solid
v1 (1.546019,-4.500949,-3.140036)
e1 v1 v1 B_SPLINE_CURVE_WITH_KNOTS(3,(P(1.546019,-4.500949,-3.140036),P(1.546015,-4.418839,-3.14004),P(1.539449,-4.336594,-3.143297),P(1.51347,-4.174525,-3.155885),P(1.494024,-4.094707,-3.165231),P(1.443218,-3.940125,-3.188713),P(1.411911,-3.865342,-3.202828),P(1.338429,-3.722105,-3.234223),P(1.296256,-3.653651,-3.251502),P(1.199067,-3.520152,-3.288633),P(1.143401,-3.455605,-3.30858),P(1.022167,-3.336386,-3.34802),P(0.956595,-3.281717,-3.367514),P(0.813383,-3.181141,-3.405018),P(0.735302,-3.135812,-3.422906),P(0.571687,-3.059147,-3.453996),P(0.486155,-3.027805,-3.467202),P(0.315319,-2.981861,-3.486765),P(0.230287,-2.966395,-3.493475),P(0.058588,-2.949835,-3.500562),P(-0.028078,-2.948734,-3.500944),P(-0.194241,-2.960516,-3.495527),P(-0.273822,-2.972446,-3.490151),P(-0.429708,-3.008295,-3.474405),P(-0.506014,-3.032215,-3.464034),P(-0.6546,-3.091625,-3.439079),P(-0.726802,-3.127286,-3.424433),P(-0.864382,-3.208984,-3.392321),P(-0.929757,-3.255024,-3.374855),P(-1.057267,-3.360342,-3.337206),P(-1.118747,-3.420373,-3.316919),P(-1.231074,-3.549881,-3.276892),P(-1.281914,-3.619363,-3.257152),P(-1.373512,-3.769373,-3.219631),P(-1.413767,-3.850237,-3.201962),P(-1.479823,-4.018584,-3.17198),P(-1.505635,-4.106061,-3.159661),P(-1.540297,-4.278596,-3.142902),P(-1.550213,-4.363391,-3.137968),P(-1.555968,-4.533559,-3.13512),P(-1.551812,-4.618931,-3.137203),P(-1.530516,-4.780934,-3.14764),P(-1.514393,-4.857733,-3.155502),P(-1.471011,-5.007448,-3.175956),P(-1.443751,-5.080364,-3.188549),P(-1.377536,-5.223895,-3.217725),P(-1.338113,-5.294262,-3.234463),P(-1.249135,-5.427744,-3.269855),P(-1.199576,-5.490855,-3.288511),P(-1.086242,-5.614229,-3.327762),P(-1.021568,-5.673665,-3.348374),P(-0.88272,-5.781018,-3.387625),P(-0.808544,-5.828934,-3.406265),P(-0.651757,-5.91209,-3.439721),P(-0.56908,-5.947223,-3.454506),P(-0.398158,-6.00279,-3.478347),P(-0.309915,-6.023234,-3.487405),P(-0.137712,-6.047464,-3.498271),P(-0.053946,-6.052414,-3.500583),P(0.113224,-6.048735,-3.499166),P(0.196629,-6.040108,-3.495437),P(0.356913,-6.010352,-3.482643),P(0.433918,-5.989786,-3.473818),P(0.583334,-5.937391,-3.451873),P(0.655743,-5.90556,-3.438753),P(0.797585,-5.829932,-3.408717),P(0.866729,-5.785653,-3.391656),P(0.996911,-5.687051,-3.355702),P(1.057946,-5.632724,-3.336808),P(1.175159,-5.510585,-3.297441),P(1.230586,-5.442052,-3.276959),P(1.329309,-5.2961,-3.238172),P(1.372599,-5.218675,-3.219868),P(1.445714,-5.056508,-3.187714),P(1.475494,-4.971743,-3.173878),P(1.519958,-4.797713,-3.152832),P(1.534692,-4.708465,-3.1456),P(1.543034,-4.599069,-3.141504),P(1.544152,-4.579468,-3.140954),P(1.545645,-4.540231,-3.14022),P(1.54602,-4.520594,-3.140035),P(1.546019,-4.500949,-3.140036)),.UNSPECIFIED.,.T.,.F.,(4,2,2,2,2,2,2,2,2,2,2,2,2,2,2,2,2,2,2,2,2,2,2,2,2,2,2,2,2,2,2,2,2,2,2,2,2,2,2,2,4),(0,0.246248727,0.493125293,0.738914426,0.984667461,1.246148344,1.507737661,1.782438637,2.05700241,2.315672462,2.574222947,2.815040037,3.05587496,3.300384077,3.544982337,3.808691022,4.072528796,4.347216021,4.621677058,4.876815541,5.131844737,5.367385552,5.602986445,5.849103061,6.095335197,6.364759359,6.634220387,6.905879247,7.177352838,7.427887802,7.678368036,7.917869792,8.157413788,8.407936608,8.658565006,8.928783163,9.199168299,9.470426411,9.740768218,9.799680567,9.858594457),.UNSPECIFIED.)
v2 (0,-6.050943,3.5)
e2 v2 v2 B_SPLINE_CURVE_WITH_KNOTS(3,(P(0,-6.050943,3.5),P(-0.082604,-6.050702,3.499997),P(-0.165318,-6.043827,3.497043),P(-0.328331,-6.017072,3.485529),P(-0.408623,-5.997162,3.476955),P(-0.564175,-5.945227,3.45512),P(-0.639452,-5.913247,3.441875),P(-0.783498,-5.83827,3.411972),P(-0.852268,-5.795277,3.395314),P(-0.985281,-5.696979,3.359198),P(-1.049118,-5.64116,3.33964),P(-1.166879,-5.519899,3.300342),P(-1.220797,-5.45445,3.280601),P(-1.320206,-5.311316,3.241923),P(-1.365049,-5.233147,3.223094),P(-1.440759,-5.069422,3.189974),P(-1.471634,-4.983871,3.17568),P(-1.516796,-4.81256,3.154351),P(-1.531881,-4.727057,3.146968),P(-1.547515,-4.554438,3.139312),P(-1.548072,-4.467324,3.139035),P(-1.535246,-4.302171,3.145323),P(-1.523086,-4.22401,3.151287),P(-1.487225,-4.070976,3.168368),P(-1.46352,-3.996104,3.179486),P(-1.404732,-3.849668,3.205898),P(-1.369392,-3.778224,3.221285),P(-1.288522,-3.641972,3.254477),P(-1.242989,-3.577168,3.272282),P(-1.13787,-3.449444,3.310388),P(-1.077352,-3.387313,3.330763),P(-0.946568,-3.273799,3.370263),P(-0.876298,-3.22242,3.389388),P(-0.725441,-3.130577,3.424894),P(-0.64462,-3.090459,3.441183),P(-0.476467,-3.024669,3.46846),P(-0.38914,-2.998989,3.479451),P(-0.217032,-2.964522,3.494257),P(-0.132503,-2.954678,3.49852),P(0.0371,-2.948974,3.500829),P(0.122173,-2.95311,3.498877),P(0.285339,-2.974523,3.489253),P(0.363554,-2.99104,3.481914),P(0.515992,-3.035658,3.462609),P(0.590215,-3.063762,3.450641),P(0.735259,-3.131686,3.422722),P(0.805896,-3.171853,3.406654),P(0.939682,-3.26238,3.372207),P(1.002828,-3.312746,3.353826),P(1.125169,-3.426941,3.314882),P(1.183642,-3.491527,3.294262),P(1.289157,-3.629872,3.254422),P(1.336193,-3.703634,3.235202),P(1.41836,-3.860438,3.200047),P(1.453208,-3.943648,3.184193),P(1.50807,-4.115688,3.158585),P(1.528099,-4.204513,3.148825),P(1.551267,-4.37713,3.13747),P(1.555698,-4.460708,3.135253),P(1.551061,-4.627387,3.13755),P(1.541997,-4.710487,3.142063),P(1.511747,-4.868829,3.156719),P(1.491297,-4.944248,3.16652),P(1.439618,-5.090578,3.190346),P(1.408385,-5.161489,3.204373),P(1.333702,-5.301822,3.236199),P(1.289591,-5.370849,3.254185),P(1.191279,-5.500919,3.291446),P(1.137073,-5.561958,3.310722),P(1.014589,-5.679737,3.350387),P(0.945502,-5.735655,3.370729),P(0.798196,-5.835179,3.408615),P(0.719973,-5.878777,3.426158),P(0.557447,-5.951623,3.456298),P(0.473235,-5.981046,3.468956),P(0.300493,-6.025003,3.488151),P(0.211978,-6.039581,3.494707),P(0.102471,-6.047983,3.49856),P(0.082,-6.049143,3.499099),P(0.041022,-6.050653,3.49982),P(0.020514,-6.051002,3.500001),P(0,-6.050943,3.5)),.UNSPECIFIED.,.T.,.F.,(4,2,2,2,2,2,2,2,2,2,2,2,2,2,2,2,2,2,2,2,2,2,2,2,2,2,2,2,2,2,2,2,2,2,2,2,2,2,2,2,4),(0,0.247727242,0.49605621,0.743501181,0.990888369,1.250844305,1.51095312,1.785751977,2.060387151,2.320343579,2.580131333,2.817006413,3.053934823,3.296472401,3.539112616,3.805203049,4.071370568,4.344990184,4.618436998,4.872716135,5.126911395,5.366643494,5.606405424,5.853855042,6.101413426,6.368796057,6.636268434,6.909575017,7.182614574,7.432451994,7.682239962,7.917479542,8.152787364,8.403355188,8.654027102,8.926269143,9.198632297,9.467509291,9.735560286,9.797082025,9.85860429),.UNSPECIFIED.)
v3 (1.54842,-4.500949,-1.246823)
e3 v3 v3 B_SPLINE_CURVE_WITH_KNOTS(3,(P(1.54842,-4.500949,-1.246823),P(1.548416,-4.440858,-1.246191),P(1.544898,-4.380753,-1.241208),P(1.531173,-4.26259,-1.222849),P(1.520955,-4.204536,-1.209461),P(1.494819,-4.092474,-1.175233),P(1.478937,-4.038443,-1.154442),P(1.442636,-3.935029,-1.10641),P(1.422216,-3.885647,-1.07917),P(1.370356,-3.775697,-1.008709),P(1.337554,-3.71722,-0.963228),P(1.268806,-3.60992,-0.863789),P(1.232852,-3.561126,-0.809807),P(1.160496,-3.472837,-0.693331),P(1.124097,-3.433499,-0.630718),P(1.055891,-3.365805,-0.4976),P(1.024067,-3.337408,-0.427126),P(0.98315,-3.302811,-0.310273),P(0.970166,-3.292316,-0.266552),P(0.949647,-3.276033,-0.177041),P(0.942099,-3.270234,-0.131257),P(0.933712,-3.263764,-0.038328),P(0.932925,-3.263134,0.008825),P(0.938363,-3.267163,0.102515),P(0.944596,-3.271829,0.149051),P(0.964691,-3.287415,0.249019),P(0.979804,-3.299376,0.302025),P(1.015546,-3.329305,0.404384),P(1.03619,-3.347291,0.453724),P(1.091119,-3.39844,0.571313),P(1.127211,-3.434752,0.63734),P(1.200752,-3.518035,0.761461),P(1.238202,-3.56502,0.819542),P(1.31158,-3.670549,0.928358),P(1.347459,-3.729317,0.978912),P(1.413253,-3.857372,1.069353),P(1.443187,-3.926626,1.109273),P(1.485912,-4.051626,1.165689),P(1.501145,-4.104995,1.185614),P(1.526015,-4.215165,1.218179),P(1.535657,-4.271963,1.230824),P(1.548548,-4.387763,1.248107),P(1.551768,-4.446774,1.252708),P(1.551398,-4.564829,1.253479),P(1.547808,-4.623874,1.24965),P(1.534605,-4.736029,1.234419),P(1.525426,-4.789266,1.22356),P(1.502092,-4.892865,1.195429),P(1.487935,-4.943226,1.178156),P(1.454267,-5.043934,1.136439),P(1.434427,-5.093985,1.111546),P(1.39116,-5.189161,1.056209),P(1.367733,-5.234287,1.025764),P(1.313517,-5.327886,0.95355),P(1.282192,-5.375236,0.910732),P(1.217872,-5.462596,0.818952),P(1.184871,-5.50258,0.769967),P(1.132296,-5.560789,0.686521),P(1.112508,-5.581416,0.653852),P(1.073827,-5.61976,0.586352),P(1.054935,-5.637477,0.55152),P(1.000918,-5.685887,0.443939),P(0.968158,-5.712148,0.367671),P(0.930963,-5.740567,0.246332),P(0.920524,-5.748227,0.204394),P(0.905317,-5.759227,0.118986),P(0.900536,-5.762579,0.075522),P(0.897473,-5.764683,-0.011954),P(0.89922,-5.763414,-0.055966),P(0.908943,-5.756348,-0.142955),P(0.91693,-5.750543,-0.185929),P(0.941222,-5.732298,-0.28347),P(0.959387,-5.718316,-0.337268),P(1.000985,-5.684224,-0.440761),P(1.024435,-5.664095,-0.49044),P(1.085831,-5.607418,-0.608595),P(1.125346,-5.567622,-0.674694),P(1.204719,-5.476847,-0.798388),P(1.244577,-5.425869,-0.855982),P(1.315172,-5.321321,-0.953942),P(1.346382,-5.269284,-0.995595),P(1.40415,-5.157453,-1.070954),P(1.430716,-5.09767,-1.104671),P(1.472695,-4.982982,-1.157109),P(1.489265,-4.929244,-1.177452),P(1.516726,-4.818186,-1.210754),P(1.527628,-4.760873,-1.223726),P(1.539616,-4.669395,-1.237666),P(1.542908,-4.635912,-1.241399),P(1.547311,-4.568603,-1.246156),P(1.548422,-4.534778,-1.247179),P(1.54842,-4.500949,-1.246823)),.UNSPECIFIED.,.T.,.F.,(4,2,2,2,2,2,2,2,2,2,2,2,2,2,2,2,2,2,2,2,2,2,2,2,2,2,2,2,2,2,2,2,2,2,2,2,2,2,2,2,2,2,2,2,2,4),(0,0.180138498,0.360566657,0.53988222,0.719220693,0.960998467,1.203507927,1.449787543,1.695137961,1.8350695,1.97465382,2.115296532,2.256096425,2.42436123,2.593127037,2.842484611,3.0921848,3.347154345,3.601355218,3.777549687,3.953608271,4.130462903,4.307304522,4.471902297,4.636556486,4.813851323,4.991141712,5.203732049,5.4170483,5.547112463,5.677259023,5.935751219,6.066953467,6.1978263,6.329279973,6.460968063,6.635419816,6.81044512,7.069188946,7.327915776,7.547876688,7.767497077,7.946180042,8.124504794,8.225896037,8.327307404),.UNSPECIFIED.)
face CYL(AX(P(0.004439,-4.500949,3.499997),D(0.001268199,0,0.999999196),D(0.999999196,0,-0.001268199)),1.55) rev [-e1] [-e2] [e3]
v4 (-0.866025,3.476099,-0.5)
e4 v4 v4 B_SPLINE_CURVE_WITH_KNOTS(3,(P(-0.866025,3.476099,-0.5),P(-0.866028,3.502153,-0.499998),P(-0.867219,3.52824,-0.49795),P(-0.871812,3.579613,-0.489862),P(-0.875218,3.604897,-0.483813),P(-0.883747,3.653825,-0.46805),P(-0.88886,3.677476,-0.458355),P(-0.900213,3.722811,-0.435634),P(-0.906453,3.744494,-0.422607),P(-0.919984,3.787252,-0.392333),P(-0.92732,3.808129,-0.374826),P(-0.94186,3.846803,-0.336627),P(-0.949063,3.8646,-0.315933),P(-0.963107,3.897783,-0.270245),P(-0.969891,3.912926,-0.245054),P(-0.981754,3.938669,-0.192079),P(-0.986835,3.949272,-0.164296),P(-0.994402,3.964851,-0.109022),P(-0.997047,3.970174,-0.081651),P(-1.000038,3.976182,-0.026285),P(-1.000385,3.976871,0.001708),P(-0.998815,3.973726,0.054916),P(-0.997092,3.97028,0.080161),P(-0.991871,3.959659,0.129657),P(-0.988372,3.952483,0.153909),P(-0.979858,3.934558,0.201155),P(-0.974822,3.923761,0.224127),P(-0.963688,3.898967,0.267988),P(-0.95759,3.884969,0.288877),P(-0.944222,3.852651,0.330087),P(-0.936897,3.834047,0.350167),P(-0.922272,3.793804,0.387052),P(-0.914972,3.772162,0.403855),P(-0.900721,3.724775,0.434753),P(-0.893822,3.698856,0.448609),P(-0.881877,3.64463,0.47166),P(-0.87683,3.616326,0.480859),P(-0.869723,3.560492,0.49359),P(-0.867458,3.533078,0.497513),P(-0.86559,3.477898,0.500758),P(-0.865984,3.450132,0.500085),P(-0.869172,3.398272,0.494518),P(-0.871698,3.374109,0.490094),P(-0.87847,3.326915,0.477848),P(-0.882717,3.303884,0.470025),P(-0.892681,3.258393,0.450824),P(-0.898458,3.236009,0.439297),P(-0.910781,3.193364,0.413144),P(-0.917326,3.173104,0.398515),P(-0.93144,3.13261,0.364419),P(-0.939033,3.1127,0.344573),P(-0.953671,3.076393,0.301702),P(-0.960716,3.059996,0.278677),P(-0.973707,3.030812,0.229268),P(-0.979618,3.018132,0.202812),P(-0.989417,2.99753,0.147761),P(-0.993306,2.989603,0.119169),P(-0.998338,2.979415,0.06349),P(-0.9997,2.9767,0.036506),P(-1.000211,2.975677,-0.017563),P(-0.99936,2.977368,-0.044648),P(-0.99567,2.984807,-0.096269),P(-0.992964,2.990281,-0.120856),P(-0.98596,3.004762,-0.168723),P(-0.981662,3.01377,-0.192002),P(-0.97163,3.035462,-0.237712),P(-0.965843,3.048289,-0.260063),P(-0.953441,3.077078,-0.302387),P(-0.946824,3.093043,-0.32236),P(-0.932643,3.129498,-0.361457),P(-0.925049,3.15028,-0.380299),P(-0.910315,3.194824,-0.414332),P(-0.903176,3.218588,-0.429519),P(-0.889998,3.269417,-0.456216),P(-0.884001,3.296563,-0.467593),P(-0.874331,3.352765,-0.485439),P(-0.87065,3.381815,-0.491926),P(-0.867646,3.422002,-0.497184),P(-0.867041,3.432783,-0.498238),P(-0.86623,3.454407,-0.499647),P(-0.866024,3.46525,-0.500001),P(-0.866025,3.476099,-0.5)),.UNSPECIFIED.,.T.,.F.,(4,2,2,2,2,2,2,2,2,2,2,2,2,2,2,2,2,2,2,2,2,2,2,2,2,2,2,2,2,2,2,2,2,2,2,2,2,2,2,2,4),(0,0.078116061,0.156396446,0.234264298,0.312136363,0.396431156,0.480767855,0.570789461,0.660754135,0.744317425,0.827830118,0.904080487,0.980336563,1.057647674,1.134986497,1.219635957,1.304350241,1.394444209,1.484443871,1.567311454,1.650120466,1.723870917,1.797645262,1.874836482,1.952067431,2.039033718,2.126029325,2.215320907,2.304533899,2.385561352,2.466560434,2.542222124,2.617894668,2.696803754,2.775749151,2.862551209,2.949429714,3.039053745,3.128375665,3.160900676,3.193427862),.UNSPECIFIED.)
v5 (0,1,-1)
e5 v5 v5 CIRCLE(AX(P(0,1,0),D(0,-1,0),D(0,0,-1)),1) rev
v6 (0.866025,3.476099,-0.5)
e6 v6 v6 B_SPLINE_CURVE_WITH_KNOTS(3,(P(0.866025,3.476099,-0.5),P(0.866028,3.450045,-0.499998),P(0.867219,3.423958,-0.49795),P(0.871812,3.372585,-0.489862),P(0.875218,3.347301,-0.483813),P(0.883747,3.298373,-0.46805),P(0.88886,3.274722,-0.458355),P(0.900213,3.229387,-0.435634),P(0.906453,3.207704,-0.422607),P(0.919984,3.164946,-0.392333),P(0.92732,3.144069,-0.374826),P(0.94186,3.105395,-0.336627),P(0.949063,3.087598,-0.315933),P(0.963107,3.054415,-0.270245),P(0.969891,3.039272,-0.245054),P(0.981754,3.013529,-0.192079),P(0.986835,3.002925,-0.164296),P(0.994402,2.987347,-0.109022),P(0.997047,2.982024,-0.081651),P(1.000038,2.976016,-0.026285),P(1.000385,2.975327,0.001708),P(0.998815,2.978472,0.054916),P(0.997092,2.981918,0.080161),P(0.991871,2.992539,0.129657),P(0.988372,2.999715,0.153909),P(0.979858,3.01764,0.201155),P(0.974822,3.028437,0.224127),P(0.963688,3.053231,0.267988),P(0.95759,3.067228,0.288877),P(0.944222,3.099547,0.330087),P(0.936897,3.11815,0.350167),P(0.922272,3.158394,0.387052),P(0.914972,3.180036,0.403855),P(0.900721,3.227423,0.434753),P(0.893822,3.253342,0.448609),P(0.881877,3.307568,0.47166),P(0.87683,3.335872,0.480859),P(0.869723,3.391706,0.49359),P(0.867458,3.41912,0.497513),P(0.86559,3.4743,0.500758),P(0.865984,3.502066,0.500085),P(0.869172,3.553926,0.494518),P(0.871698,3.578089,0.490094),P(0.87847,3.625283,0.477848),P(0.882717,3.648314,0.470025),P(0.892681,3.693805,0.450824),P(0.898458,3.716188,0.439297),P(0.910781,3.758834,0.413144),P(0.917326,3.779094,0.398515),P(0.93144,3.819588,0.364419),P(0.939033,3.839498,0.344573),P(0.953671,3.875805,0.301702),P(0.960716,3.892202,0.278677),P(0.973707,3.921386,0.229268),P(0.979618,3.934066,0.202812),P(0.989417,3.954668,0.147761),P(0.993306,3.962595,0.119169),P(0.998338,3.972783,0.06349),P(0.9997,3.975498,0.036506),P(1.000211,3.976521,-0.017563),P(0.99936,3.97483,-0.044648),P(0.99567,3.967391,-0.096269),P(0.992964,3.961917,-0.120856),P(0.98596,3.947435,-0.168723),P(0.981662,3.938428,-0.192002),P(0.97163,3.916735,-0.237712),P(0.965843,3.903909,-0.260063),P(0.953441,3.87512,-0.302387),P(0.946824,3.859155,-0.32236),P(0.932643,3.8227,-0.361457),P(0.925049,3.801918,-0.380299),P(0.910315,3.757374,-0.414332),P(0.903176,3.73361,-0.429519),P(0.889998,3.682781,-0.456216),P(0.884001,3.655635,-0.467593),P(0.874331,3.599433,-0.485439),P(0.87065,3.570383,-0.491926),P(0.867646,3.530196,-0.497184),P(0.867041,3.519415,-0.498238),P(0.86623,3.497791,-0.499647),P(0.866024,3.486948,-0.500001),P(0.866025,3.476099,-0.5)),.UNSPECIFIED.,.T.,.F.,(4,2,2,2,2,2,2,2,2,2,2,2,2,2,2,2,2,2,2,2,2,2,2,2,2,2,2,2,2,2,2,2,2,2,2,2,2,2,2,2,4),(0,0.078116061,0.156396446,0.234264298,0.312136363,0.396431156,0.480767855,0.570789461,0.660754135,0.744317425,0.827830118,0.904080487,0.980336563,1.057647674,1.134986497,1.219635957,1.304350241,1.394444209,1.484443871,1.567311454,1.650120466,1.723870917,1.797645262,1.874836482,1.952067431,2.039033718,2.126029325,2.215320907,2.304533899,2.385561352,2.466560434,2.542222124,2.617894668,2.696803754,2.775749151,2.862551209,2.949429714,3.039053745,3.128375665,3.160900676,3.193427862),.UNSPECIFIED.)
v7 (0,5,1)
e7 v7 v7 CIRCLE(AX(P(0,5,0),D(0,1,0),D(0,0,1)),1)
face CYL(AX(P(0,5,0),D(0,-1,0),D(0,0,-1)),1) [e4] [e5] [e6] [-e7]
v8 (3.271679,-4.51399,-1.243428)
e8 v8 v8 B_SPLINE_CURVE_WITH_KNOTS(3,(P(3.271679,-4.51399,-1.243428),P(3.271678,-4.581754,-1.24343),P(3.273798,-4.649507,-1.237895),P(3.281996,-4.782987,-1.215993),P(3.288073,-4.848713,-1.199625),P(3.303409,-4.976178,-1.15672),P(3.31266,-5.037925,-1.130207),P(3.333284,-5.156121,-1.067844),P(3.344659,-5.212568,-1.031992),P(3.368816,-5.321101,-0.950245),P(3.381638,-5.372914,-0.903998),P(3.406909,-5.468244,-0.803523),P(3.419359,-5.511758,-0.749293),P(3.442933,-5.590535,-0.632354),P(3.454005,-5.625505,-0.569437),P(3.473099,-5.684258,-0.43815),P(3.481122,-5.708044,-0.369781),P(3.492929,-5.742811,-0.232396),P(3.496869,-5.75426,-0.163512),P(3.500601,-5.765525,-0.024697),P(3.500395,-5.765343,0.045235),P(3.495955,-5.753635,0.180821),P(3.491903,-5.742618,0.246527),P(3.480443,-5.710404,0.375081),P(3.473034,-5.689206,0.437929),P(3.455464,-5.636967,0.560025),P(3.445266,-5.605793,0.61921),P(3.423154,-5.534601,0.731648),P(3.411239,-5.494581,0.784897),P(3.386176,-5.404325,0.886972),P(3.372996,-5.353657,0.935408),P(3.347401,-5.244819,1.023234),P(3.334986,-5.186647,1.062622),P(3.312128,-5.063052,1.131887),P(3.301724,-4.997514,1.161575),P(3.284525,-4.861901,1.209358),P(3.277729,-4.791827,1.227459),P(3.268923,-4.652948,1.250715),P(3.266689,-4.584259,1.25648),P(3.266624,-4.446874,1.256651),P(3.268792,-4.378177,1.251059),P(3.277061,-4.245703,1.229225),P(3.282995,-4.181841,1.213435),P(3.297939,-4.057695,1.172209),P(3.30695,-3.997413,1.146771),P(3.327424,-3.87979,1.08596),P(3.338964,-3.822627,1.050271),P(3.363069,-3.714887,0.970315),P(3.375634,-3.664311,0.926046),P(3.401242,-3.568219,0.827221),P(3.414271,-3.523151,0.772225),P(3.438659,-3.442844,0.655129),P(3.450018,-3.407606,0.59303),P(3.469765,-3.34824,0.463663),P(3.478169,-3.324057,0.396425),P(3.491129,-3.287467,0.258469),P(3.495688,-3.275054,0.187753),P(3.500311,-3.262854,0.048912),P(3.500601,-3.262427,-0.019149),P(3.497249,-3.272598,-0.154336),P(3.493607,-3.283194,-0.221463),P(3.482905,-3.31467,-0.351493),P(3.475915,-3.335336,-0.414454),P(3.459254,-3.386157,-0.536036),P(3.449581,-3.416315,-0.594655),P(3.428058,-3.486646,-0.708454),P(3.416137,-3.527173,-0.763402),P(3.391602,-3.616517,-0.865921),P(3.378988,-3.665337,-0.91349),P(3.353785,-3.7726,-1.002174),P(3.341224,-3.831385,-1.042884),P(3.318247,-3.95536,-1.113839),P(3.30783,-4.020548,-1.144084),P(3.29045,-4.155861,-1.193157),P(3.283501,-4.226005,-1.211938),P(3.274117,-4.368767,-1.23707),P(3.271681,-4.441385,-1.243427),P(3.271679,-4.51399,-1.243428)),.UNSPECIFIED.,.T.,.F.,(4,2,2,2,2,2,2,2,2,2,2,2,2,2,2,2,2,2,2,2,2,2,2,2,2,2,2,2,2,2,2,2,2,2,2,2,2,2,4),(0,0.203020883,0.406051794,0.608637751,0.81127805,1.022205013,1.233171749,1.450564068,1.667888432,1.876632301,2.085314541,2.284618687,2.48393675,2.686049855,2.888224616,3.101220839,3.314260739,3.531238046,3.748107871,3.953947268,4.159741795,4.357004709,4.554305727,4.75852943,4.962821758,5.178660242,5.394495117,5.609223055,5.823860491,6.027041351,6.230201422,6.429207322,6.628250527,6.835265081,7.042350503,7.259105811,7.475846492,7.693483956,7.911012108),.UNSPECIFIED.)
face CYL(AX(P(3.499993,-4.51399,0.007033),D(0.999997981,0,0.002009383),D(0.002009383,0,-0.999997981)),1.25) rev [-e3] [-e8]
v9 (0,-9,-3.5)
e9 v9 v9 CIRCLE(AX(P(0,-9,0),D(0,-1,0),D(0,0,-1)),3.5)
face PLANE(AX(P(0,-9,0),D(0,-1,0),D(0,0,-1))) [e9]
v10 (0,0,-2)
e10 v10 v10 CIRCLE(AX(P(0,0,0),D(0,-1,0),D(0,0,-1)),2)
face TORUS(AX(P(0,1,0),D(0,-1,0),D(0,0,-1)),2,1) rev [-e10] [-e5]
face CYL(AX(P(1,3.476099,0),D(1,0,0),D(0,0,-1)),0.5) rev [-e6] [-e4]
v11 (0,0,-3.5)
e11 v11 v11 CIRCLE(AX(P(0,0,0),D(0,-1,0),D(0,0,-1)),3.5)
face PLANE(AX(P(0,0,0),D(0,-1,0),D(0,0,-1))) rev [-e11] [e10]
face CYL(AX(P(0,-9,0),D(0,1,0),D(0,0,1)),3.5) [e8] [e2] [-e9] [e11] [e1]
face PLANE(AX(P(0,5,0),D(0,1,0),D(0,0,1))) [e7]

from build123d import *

# Parameters (mm, degrees)
SKETCH1_R                 = 1
BOSS_EXTRUDE1_DEPTH       = 5
SKETCH2_R                 = 3.5
BOSS_EXTRUDE2_DEPTH       = 9
F_3_0MM_DOWEL_HOLE1_D     = 3.1
F_3_0MM_DOWEL_HOLE2_D     = 2.5
F_3_0MM_DOWEL_HOLE2_DEPTH = 3
F_3_0MM_DOWEL_HOLE2_TIP   = 0.751075774
F_1_0MM_DOWEL_HOLE1_D     = 1
FILLET1_R                 = 1


with BuildPart() as part:
    # Sketch1 → Boss-Extrude1 (new body)
    with BuildSketch(Plane(origin=(0, 0, 0), x_dir=(1, 0, 0), z_dir=(0, 1, 0))):
        with Locations(Location((0, 0, 0), (0, 0, 270))):
            Circle(SKETCH1_R)
    extrude(amount=BOSS_EXTRUDE1_DEPTH)

    # Sketch2 → Boss-Extrude2 (add)
    with BuildSketch(Plane.XZ):
        with Locations(Location((0, 0, 0), (0, 0, 270))):
            Circle(SKETCH2_R)
    extrude(amount=BOSS_EXTRUDE2_DEPTH)

    # Ø3.0mm Dowel Hole1 (through all)
    with Locations(Plane(origin=(0.004438696, -4.500949112, 3.499997185), x_dir=(0.999999195836, 0, -0.001268198744), z_dir=(0.001268198744, 0, 0.999999195836))):
        with Locations((0, 0)):
            Hole(F_3_0MM_DOWEL_HOLE1_D / 2)

    # Ø3.0mm Dowel Hole2
    with Locations(Plane(origin=(3.499992934, -4.513990385, 0.007032841), x_dir=(-0.002009383102, 0, 0.999997981188), z_dir=(0.999997981188, 0, 0.002009383102))):
        with Locations((0, 0)):
            Hole(F_3_0MM_DOWEL_HOLE2_D / 2, depth=F_3_0MM_DOWEL_HOLE2_DEPTH)
            with Locations((0, 0, -(F_3_0MM_DOWEL_HOLE2_DEPTH + F_3_0MM_DOWEL_HOLE2_TIP / 2))):  # 118° drill point
                Cone(0, F_3_0MM_DOWEL_HOLE2_D / 2, F_3_0MM_DOWEL_HOLE2_TIP, mode=Mode.SUBTRACT)

    # Ø1.0mm Dowel Hole1 (through all)
    with Locations(Plane(origin=(1, 3.476098955, 0), x_dir=(0, 0, 1), z_dir=(1, 0, 0))):
        with Locations((0, 0)):
            Hole(F_1_0MM_DOWEL_HOLE1_D / 2)

    # Fillet1
    fillet1_edges = [part.edges().sort_by_distance(p)[0] for p in [
        (0, 0, -1),
    ]]
    fillet(fillet1_edges, radius=FILLET1_R)


solid = part.part
